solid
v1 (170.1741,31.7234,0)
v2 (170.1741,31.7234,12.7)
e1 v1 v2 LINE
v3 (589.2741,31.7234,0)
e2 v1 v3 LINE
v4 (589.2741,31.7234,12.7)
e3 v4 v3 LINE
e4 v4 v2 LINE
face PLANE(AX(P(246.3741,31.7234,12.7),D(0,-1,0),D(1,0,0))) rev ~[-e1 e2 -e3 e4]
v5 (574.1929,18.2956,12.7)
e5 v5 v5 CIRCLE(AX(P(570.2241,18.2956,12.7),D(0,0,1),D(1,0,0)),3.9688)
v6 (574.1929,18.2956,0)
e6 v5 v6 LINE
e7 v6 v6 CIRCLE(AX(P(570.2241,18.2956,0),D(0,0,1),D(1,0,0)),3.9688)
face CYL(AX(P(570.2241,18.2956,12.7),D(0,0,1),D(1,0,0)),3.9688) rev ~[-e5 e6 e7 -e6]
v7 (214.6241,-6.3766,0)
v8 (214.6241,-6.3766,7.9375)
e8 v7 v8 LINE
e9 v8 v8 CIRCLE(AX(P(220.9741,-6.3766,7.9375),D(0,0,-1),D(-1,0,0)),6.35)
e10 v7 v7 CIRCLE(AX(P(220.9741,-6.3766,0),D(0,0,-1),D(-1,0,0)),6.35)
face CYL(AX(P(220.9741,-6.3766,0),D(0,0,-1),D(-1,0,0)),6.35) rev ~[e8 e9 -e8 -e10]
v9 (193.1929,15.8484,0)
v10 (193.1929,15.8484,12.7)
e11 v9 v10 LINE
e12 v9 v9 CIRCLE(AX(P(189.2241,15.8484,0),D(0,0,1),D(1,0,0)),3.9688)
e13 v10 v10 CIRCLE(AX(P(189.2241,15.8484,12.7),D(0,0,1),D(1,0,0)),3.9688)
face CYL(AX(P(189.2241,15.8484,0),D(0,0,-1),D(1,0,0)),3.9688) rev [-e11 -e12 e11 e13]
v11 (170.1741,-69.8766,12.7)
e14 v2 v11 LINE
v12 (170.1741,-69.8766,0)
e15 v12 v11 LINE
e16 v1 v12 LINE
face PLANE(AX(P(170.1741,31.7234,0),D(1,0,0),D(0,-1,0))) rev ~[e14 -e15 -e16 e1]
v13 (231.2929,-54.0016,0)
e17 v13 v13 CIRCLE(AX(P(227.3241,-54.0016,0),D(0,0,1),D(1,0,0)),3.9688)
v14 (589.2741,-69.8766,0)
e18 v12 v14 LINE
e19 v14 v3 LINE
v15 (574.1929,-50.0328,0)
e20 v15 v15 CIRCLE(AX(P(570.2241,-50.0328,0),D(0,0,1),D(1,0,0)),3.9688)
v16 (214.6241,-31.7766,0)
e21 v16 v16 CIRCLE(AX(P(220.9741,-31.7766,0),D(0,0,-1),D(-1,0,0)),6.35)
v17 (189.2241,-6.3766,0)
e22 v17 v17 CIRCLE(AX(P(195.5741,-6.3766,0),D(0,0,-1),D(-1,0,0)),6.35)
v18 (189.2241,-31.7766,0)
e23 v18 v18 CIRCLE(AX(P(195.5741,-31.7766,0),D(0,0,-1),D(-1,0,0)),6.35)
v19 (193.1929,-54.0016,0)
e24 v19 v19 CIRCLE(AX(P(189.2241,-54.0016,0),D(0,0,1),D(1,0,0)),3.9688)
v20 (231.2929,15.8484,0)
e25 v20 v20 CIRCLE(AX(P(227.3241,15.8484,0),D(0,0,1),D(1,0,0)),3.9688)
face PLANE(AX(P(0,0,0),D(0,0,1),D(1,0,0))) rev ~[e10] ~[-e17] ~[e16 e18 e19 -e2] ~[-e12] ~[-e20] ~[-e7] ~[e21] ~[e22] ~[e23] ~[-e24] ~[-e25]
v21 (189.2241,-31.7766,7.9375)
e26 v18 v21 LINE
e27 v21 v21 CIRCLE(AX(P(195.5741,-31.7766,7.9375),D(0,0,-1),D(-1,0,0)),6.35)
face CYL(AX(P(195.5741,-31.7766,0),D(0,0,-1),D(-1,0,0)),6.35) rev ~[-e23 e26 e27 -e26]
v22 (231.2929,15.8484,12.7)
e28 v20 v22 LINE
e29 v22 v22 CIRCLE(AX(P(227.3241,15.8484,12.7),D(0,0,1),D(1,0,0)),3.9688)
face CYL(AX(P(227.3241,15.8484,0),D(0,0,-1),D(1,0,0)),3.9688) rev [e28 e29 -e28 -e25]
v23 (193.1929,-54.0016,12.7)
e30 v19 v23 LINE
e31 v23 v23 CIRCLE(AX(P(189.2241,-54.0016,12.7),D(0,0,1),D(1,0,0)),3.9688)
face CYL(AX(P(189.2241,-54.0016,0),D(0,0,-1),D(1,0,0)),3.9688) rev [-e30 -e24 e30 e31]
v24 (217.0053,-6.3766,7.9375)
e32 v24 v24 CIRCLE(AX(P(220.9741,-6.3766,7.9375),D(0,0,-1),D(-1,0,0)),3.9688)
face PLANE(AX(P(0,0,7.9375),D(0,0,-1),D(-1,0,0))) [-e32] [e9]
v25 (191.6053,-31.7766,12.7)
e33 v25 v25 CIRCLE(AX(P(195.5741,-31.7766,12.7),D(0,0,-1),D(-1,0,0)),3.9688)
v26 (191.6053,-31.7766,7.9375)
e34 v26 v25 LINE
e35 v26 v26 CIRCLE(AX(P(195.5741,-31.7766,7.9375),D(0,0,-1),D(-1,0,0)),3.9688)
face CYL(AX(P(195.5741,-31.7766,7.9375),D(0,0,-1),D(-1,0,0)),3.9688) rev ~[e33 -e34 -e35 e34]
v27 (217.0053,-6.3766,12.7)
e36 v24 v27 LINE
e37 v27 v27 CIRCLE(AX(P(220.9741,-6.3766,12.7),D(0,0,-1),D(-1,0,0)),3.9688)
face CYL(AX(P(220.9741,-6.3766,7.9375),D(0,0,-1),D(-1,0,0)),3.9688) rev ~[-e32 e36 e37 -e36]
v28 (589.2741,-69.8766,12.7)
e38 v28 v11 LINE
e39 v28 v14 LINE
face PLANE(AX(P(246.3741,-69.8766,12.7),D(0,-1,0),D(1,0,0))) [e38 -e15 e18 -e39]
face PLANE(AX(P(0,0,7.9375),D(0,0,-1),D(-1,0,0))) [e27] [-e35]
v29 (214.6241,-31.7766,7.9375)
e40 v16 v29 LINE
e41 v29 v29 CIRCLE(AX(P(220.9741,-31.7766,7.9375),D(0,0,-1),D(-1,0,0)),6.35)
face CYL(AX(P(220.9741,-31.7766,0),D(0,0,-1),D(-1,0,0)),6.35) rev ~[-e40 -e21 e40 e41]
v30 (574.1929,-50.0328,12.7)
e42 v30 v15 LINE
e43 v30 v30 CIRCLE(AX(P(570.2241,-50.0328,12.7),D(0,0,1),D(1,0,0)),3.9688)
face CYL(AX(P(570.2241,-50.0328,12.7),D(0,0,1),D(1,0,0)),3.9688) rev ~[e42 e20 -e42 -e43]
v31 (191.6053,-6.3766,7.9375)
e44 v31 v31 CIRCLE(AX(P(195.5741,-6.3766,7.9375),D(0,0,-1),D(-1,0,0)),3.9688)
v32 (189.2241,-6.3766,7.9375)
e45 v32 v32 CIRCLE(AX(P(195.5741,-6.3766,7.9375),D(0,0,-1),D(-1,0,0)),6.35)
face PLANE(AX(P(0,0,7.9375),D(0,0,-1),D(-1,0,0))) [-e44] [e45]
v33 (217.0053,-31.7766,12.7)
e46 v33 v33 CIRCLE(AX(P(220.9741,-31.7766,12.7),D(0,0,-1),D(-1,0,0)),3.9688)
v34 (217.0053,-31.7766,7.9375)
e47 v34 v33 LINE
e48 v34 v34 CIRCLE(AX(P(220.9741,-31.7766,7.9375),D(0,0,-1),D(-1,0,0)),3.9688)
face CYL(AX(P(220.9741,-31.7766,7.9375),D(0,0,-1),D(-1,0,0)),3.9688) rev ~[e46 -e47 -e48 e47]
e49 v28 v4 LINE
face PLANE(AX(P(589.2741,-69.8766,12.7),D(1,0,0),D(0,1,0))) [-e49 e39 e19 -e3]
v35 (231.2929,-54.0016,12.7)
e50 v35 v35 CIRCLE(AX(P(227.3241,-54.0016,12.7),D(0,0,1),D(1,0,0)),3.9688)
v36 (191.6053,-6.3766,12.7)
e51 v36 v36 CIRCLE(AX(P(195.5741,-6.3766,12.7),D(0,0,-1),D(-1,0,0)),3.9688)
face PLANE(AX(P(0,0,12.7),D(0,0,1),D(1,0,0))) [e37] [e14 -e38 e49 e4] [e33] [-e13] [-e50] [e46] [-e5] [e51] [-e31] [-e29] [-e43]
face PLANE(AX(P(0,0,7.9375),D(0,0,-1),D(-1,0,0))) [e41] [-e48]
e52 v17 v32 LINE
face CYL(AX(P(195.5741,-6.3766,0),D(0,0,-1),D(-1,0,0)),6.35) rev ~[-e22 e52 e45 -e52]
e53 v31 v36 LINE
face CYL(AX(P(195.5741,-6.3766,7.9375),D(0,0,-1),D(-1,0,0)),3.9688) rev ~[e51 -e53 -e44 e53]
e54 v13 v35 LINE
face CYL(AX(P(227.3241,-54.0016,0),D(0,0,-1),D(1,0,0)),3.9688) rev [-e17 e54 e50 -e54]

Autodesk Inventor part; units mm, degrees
ref_plane "YZ Plane" through (0, 0, 0) normal (1, 0, 0) x (0, 1, 0)
ref_plane "XZ Plane" through (0, 0, 0) normal (0, 1, 0) x (-1, 0, 0)
ref_plane "XY Plane" through (0, 0, 0) normal (0, 0, 1) x (1, 0, 0)
sketch "Sketch1" plane through (0, 0, 0) normal (0, 0, 1) x (1, 0, 0)
  line L0 (246.3741, 31.7234) -> (246.3741, -882.6766) construction
  line L1 (234.1821, 31.7234) -> (231.3881, 31.7234) construction
  line L2 (223.2601, 31.7234) -> (220.4661, 31.7234) construction
  line L3 (199.5111, 31.7234) -> (196.0821, 31.7234) construction
  line L4 (182.3661, 31.7234) -> (178.9371, 31.7234) construction
  line L5 (246.3741, 31.7234) -> (170.1741, 31.7234)
  line L6 (170.1741, 31.7234) -> (170.1741, -69.8766)
  line L7 (170.1741, -69.8766) -> (246.3741, -69.8766)
  line L8 (246.3741, -69.8766) -> (246.3741, 31.7234)
  circle A0 centre (227.3241, 15.8484) radius 3.9688
  line L9 (208.2741, -69.8766) -> (208.2741, 31.7234) construction
  line L10 (246.3741, -19.0766) -> (170.1741, -19.0766) construction
  circle A1 centre (227.3241, -54.0016) radius 3.9688
  circle A2 centre (189.2241, 15.8484) radius 3.9688
  circle A3 centre (189.2241, -54.0016) radius 3.9688
  point P0 (0, 0)
  dimension "d0" = 76.2
  dimension "d1" = 101.6
  dimension "d2" = 7.9375
  dimension "d3" = 15.875
  dimension "d4" = 19.05
extrude "Extrusion1" add sketch "Sketch1" along normal blind 12.7
sketch "Sketch3" plane through (0, 0, 0) normal (0, 0, -1) x (-1, 0, 0)
  line L0 (-186.0491, -41.3016) -> (-230.4991, -41.3016)
  line L1 (-230.4991, -41.3016) -> (-230.4991, 3.1484)
  line L2 (-230.4991, 3.1484) -> (-186.0491, 3.1484)
  line L3 (-186.0491, 3.1484) -> (-186.0491, -41.3016)
  line L4 (-170.1741, -69.8766) -> (-246.3741, -69.8766) projected
  line L5 (-170.1741, 31.7234) -> (-170.1741, -69.8766) projected
  line L6 (-246.3741, 31.7234) -> (-170.1741, 31.7234) projected
  circle A0 centre (-195.5741, -6.3766) radius 6.35
  circle A1 centre (-195.5741, -31.7766) radius 6.35
  circle A2 centre (-220.9741, -6.3766) radius 6.35
  circle A3 centre (-220.9741, -31.7766) radius 6.35
  point P0 (0, 0)
  dimension "d16" = 44.45
  dimension "d17" = 44.45
  dimension "d18" = 28.575
  dimension "d19" = 15.875
  dimension "d23" = 12.7
  dimension "d24" = 9.525
  dimension "d25" = 9.525
  dimension "d28" = 25.4
  dimension "d31" = 25.4
extrude "Extrusion3" cut sketch "Sketch3" against normal blind 7.9375 contours A0 | A1 | A2 | A3
sketch "Sketch4" plane through (195.5741, -6.3766, 7.9375) normal (0, 0, -1) x (-1, 0, 0)
  circle A0 centre (0, 0) radius 6.35 projected
  circle A1 centre (0, -25.4) radius 6.35 projected
  circle A2 centre (-25.4, 0) radius 6.35 projected
  circle A3 centre (-25.4, -25.4) radius 6.35 projected
  circle A4 centre (0, 0) radius 3.9688
  line L0 (0, 0) -> (0, -11.1628) construction
  line L1 (0, 0) -> (-15.7699, 0) construction
  circle A5 centre (0, -25.4) radius 3.9688
  circle A6 centre (-25.4, 0) radius 3.9688
  circle A7 centre (-25.4, -25.4) radius 3.9688
  point P0 (195.5741, 6.3766)
  dimension "d36" = 7.9375
  dimension "d37" = 7.9375
  dimension "d38" = 7.9375
  dimension "d39" = 7.9375
extrude "Extrusion4" cut sketch "Sketch4" against normal blind 7.9375 contours A4 | A5 | A6 | A7
sketch "Sketch5" plane through (0, 0, 12.7) normal (0, 0, 1) x (1, 0, 0)
  line L0 (589.2741, -69.8766) -> (589.2741, 844.5234)
  line L1 (246.3741, -69.8766) -> (589.2741, -69.8766)
  line L2 (246.3741, 31.7234) -> (170.1741, 31.7234) projected
  line L3 (246.3741, 31.7234) -> (589.2741, 31.7234)
  line L4 (376.7143, 0.5706) -> (376.7143, -56.5544)
  line L5 (376.7143, 18.2956) -> (376.7143, 9.7706)
  line L6 (376.7143, 18.2956) -> (376.7143, 23.7956)
  line L7 (376.7143, -62.0544) -> (376.7143, -56.5544)
  circle A0 centre (227.3241, 15.8484) radius 3.9688 projected
  circle A1 centre (227.3241, -54.0016) radius 3.9688 projected
  circle A2 centre (570.2241, 18.2956) radius 3.9688
  circle A3 centre (570.2241, -50.0328) radius 3.9688
  line L8 (246.3741, 31.7234) -> (246.3741, -69.8766)
  point P0 (0, 0)
  dimension "d42" = 7.9375
  dimension "d43" = 7.9375
  dimension "d44" = 19.05
  dimension "d45" = 19.05
extrude "Extrusion5" add sketch "Sketch5" against normal blind 12.7 contours L1 L8 L3 L0
properties part number "Corner Stands"
